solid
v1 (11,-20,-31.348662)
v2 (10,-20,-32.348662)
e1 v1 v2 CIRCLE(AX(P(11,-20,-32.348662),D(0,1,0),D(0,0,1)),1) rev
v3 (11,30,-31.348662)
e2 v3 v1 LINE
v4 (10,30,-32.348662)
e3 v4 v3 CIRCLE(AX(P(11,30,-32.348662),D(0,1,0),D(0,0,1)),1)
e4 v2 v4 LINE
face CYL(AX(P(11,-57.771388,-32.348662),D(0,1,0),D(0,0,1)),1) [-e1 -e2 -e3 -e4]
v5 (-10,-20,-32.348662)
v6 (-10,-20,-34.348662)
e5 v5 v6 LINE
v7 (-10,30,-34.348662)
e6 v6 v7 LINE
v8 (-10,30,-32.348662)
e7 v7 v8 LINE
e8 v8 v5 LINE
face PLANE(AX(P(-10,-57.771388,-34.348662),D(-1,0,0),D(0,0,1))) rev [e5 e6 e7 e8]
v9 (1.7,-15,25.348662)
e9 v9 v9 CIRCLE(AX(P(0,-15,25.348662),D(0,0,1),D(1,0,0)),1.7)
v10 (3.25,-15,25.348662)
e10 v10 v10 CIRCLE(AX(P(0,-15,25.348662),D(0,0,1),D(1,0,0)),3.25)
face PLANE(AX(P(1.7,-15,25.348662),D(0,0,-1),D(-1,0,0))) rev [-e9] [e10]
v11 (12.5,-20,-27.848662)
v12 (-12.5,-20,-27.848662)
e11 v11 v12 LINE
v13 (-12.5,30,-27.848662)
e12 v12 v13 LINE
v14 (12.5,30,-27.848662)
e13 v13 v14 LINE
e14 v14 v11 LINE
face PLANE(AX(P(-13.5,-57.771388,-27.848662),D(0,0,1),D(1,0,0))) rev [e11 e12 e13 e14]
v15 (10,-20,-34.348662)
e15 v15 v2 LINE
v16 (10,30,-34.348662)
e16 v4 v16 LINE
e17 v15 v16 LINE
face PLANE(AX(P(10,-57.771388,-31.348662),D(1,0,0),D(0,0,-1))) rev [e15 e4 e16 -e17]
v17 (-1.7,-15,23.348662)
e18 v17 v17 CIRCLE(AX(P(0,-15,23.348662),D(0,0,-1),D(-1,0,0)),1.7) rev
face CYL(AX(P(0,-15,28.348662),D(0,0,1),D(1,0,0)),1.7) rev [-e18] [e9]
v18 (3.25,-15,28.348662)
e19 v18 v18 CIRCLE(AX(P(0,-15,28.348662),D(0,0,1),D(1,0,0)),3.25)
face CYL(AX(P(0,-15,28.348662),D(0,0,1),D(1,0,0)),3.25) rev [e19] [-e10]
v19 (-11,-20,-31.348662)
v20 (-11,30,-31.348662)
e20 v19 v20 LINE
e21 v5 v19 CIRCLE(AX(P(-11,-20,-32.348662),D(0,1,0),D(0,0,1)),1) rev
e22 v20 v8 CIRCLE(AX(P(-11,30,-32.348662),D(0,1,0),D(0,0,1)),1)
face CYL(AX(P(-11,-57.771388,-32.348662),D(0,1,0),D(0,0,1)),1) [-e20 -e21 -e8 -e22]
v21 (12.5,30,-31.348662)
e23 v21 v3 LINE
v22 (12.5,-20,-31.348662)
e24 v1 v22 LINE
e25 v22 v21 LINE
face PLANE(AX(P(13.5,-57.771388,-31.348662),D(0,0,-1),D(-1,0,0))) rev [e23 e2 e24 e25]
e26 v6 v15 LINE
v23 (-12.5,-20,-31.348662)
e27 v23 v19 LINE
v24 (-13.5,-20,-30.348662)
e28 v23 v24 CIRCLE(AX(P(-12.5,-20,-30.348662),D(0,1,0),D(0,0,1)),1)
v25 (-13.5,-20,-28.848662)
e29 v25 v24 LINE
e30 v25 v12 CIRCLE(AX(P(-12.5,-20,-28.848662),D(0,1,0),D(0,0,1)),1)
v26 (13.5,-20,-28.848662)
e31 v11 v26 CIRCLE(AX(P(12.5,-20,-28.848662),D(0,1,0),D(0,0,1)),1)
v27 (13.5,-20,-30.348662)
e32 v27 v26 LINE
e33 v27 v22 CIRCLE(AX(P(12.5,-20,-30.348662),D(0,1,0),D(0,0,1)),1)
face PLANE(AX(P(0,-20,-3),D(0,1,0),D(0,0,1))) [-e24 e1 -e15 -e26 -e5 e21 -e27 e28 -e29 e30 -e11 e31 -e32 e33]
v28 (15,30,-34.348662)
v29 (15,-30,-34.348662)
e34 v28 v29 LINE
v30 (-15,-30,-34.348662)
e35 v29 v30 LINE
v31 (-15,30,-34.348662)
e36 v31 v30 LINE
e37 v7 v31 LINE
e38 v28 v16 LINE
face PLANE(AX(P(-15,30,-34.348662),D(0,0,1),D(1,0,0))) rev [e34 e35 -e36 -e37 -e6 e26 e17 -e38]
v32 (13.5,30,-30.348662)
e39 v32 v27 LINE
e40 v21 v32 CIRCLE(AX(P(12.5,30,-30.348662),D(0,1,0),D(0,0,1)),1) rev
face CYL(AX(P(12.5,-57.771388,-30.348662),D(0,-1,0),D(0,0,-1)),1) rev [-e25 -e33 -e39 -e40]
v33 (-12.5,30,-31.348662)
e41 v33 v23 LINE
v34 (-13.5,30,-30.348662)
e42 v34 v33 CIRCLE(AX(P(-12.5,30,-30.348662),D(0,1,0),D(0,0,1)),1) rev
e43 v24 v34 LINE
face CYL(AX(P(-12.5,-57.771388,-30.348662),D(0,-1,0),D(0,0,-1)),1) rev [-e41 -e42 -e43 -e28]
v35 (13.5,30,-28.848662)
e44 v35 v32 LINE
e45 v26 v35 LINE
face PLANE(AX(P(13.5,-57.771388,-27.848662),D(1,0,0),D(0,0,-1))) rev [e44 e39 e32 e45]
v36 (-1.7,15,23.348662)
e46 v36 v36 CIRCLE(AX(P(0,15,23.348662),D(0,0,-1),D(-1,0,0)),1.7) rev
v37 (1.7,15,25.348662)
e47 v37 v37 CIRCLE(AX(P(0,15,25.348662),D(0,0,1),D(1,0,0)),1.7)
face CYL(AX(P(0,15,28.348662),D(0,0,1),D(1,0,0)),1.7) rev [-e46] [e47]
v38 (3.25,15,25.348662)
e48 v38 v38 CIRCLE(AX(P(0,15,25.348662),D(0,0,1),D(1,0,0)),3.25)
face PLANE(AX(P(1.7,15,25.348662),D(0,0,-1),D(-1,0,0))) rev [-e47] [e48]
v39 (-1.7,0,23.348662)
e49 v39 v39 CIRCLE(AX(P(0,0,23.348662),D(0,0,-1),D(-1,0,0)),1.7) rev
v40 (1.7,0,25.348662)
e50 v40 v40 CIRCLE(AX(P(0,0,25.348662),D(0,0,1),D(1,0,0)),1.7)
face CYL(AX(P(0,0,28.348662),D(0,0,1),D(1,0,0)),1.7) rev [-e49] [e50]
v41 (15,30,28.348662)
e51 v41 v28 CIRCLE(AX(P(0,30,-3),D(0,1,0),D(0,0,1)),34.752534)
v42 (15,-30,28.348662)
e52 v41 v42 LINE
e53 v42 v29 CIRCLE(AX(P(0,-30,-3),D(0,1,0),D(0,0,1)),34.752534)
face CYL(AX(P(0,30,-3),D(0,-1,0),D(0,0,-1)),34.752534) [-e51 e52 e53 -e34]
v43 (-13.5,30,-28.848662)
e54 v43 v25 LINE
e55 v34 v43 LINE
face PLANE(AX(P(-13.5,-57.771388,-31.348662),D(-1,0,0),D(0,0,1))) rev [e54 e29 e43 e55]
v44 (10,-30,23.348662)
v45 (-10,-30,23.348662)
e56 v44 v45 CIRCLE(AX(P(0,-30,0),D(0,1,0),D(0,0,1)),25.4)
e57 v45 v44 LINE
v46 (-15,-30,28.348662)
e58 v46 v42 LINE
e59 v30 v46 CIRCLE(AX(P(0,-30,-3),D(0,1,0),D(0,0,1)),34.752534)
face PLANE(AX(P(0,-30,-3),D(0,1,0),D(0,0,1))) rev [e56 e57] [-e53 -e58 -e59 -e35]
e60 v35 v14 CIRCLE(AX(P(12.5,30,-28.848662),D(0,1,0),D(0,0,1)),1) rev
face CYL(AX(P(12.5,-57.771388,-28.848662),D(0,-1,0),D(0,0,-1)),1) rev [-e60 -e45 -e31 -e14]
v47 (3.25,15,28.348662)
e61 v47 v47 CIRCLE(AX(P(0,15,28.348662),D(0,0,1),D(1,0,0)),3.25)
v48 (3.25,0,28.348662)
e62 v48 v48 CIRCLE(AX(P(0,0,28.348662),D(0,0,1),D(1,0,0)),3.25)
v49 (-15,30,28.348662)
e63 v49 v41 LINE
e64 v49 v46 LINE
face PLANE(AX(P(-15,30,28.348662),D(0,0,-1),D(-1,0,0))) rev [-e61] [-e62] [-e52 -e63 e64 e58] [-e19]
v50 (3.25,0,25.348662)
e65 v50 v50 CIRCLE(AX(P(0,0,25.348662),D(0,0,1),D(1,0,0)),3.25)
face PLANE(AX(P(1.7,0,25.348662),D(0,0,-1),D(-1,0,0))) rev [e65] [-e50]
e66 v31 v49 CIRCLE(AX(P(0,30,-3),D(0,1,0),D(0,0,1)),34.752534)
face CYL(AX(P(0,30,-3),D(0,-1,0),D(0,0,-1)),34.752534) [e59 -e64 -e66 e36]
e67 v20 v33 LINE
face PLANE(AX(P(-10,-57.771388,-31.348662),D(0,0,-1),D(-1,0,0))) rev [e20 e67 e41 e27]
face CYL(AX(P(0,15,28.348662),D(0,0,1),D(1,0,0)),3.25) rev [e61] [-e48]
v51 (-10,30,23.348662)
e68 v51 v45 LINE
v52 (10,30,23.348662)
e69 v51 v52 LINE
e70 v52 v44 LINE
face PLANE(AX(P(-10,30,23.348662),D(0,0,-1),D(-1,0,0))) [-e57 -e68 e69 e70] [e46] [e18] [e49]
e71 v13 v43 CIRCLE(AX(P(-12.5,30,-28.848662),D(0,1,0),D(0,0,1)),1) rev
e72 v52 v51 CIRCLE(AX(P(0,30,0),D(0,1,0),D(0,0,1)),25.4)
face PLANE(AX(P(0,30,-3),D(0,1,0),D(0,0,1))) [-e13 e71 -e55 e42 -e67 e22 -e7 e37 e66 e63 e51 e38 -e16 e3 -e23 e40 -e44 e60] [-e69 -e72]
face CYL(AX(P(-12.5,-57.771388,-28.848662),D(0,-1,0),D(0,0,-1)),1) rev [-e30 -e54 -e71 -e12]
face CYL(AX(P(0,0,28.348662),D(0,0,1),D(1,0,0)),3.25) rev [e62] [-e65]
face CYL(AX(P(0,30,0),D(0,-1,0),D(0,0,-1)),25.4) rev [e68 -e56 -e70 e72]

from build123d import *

# Parameters (mm, degrees)
BOSS_EXTRUDE1_DEPTH            = 30
CUT_EXTRUDE1_DEPTH             = 50
FILLET1_R                      = 1
CBORE_FOR_M3_SHCS1_D           = 3.4
CBORE_FOR_M3_SHCS1_DEPTH       = 5
CBORE_FOR_M3_SHCS1_CBORE_D     = 6.5
CBORE_FOR_M3_SHCS1_CBORE_DEPTH = 3
CBORE_FOR_M3_SHCS1_TIP         = 1.021463052


with BuildPart() as part:
    # Sketch1 → Boss-Extrude1 (new body, symmetric)
    with BuildSketch(Plane(origin=(0, 0, 0), x_dir=(1, 0, 0), z_dir=(0, 1, 0))):
        with BuildLine():
            Line((-15, -28.348661632), (15, -28.348661632))
            ThreePointArc((15, -28.348661632), (34.752533521, 3), (15, 34.348661632))
            Line((15, 34.348661632), (-15, 34.348661632))
            ThreePointArc((-15, 34.348661632), (-34.752533521, 3), (-15, -28.348661632))
        make_face()
        with BuildLine():
            Line((-10, -23.348661632), (10, -23.348661632))
            ThreePointArc((10, -23.348661632), (0, 25.4), (-10, -23.348661632))
        make_face(mode=Mode.SUBTRACT)
    extrude(amount=BOSS_EXTRUDE1_DEPTH, both=True)

    # Sketch4 → Cut-Extrude1 (cut)
    with BuildSketch(Plane(origin=(0, 30, 0), x_dir=(1, 0, 0), z_dir=(0, 1, 0))):
        Polygon((-10, 34.348661632), (-10, 31.348661632), (-13.5, 31.348661632), (-13.5, 27.848661632), (13.5, 27.848661632), (13.5, 31.348661632), (10, 31.348661632), (10, 34.348661632), align=None)
    extrude(amount=-CUT_EXTRUDE1_DEPTH, mode=Mode.SUBTRACT)

    # Fillet1
    fillet1_edges = [part.edges().sort_by_distance(p)[0] for p in [
        (10, 5, -31.348661632),
        (13.5, 5, -31.348661632),
        (13.5, 5, -27.848661632),
        (-13.5, 5, -27.848661632),
        (-13.5, 5, -31.348661632),
        (-10, 5, -31.348661632),
    ]]
    fillet(fillet1_edges, radius=FILLET1_R)

    # CBORE for M3 SHCS1
    with Locations(Plane.XY.offset(28.348661632)):
        with Locations((0, 0), (0, 15), (0, -15)):
            CounterBoreHole(CBORE_FOR_M3_SHCS1_D / 2, CBORE_FOR_M3_SHCS1_CBORE_D / 2, CBORE_FOR_M3_SHCS1_CBORE_DEPTH, depth=CBORE_FOR_M3_SHCS1_DEPTH)
            with Locations((0, 0, -(CBORE_FOR_M3_SHCS1_DEPTH + CBORE_FOR_M3_SHCS1_TIP / 2))):  # 118° drill point
                Cone(0, CBORE_FOR_M3_SHCS1_D / 2, CBORE_FOR_M3_SHCS1_TIP, mode=Mode.SUBTRACT)


solid = part.part
